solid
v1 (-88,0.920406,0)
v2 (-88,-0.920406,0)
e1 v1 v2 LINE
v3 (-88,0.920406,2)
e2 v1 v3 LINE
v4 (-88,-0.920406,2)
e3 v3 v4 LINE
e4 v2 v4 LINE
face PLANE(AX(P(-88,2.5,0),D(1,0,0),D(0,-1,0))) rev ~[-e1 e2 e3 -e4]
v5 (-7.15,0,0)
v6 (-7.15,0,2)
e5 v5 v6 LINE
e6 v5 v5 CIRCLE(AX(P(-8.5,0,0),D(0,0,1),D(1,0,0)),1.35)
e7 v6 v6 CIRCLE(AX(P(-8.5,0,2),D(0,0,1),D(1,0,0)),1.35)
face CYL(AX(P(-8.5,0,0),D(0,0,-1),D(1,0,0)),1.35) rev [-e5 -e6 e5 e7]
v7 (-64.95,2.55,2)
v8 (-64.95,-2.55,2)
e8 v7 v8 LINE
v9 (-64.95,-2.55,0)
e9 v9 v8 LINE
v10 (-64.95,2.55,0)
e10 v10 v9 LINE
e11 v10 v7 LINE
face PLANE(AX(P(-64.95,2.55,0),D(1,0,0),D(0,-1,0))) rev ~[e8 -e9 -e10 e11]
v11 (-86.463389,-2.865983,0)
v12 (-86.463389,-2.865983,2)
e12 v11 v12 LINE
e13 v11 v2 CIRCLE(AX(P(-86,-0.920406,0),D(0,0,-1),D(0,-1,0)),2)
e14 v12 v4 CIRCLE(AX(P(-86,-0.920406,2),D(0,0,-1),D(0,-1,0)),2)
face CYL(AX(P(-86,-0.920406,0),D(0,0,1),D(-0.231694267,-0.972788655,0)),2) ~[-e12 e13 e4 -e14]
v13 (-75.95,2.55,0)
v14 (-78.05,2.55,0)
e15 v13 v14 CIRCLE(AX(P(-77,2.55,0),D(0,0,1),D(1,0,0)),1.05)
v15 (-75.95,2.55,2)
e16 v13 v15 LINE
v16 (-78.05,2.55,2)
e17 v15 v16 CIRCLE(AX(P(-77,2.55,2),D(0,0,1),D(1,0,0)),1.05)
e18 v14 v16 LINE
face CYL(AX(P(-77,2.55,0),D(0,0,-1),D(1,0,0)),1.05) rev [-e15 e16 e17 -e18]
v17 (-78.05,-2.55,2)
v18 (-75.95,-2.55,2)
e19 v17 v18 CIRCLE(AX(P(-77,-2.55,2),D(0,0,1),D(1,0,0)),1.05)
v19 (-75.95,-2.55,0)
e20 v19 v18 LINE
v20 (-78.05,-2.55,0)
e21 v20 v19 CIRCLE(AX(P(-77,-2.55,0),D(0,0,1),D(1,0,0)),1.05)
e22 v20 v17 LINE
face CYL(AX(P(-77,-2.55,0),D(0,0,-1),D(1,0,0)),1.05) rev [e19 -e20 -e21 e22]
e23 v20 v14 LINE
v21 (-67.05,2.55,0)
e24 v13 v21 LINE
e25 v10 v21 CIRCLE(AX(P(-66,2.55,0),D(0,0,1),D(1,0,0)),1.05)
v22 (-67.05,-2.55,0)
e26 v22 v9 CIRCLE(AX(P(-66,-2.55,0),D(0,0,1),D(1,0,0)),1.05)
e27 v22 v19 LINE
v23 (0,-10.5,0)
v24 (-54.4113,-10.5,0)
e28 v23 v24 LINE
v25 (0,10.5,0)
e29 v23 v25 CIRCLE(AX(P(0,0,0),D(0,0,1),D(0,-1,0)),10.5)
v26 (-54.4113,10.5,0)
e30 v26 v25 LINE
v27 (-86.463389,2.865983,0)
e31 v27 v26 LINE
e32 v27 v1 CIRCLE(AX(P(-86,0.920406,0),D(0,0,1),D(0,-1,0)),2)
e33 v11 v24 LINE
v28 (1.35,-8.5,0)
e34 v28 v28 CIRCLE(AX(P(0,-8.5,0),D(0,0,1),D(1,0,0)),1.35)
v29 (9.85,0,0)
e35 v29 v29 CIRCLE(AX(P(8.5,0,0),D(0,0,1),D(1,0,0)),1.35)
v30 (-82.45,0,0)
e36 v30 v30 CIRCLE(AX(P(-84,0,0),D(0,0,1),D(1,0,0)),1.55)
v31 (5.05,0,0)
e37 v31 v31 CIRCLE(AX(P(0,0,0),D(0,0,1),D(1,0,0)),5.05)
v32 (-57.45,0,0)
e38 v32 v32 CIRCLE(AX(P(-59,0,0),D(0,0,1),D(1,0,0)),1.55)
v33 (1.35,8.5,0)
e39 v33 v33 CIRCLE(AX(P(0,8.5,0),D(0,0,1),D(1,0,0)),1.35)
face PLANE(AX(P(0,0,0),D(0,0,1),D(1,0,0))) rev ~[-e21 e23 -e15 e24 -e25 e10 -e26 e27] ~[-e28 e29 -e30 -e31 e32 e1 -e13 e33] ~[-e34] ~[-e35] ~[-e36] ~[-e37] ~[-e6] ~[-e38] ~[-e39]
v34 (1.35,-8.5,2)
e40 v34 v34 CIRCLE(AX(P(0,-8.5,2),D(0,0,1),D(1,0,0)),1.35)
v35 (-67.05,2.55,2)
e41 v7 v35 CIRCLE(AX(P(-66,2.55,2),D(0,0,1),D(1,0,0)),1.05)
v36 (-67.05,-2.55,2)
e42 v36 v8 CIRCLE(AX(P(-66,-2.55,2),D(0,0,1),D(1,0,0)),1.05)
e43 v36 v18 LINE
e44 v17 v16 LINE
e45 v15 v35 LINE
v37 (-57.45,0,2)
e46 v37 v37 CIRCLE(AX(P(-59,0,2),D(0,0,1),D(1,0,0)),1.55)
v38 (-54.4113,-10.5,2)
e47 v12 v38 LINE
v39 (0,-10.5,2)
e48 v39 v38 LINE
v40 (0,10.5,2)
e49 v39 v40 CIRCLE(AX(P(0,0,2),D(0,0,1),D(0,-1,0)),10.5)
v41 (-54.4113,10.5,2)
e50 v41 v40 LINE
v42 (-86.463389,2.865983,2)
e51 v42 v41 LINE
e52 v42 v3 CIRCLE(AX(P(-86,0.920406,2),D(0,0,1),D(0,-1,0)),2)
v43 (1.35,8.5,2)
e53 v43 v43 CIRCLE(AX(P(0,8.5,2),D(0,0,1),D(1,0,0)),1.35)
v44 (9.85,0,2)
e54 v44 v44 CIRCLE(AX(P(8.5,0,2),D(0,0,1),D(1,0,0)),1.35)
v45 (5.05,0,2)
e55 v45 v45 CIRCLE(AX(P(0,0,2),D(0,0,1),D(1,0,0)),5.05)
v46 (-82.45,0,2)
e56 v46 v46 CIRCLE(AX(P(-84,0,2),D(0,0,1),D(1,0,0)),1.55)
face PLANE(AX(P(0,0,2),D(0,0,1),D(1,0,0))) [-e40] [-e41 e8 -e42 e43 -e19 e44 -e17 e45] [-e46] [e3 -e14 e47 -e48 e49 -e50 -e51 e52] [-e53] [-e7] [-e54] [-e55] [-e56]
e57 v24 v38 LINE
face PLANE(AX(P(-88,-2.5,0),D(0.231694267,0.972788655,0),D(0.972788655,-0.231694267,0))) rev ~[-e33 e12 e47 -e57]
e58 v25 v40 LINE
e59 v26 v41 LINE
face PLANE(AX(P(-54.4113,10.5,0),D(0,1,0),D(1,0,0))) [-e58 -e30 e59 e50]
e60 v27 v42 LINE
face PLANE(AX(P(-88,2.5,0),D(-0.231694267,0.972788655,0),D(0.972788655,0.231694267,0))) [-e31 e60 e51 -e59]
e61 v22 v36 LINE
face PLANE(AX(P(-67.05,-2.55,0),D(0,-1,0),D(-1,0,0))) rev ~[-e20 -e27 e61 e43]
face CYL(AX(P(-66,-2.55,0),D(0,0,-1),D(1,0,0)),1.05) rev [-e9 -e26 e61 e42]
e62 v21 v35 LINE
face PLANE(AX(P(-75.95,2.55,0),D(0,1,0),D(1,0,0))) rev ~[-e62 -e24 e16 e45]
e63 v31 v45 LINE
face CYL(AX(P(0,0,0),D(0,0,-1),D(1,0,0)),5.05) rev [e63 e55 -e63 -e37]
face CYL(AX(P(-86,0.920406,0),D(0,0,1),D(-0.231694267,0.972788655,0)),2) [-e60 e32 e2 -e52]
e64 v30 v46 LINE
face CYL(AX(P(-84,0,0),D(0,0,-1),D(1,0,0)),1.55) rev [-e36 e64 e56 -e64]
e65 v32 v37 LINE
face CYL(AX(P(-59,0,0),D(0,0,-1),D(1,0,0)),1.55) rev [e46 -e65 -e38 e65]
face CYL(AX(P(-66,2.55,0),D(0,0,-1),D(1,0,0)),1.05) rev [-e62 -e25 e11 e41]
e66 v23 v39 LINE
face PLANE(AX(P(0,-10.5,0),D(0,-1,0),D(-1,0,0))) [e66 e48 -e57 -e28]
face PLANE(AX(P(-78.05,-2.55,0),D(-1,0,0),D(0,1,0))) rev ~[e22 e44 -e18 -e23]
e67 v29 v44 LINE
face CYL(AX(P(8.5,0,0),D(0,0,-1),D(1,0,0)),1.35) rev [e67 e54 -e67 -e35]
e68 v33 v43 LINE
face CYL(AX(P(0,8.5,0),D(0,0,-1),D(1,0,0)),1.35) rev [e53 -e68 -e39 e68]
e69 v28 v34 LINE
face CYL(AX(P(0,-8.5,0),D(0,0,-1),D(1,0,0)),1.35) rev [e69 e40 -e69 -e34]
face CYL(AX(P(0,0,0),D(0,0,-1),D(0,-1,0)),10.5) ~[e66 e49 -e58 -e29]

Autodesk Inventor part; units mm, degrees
ref_plane "YZ Plane" through (0, 0, 0) normal (1, 0, 0) x (0, 1, 0)
ref_plane "XZ Plane" through (0, 0, 0) normal (0, 1, 0) x (-1, 0, 0)
ref_plane "XY Plane" through (0, 0, 0) normal (0, 0, 1) x (1, 0, 0)
sketch "スケッチ1" plane through (0, 0, 0) normal (0, 0, 1) x (1, 0, 0)
  circle A0 centre (0, 0) radius 10.5 construction
  line L0 (0, 10.5) -> (-200, 10.5) construction
  line L1 (-200, 10.5) -> (-200, -10.5) construction
  line L2 (-200, -10.5) -> (0, -10.5) construction
  circle A1 centre (-195, 0) radius 1.55 construction
  line L3 (-185, 2.5) -> (-70, 2.5) construction
  line L4 (-70, 2.5) -> (-70, -2.5) construction
  line L5 (-70, -2.5) -> (-185, -2.5) construction
  line L6 (-185, -2.5) -> (-185, 2.5) construction
  line L7 (-127.5, 2.5) -> (-127.5, -2.5) construction
  circle A2 centre (-60, 0) radius 1.55 construction
  line L8 (-12, 21.3027) -> (-12, -27.3903) construction
  line L9 (-69.95, 2.55) -> (-185.05, 2.55) construction
  line L10 (-185.05, 2.55) -> (-185.05, -2.55) construction
  line L11 (-185.05, -2.55) -> (-69.95, -2.55) construction
  line L12 (-69.95, -2.55) -> (-69.95, 2.55) construction
  circle A3 centre (-184, 2.55) radius 1.05 construction
  line L13 (-185, 0) -> (-127.5, 0) construction
  line L14 (-185.05, 2.55) -> (-185.05, -2.55) construction
  arc A4 (-182.95, 2.55) -> (-185.05, 2.55) centre (-184, 2.55) ccw construction
  line L15 (-182.95, 2.55) -> (-72.05, 2.55) construction
  arc A5 (-69.95, 2.55) -> (-72.05, 2.55) centre (-71, 2.55) ccw construction
  line L16 (-69.95, 2.55) -> (-69.95, -2.55) construction
  arc A6 (-185.05, -2.55) -> (-182.95, -2.55) centre (-184, -2.55) ccw construction
  line L17 (-182.95, -2.55) -> (-72.05, -2.55) construction
  arc A7 (-72.05, -2.55) -> (-69.95, -2.55) centre (-71, -2.55) ccw construction
  circle A8 centre (0, 8.5) radius 1.35
  circle A9 centre (0, 0) radius 5.05
  circle A10 centre (-8.5, 0) radius 1.35
  circle A11 centre (0, -8.5) radius 1.35
  circle A12 centre (8.5, 0) radius 1.35
  line L18 (-200, 4.8006) -> (-200, -4.8006) construction
  line L19 (-200, 4.8006) -> (-60, 10.5) construction
  line L20 (-60, 10.5) -> (0, 10.5) construction
  line L21 (-200, -4.8006) -> (-60, -10.5) construction
  line L22 (-60, -10.5) -> (0, -10.5) construction
  arc A13 (0, -10.5) -> (0, 10.5) centre (0, 0) ccw construction
  circle A14 centre (-195, 0) radius 5 construction
  circle A15 centre (-59, 0) radius 1.55
  circle A16 centre (-84, 0) radius 1.55
  line L23 (-55, -2.5) -> (-88, -2.5) construction
  line L24 (-88, -2.5) -> (-88, 2.5) construction
  line L25 (-88, 2.5) -> (-55, 2.5) construction
  line L26 (-55, 2.5) -> (-55, -2.5) construction
  line L27 (-65, -2.5) -> (-78, -2.5) construction
  line L28 (-78, -2.5) -> (-78, 2.5) construction
  line L29 (-78, 2.5) -> (-65, 2.5) construction
  line L30 (-65, 2.5) -> (-65, -2.5) construction
  line L31 (-64.95, -2.55) -> (-78.05, -2.55)
  line L32 (-78.05, -2.55) -> (-78.05, 2.55)
  line L33 (-78.05, 2.55) -> (-64.95, 2.55)
  line L34 (-64.95, 2.55) -> (-64.95, -2.55)
  circle A17 centre (-66, -2.55) radius 1.05
  circle A18 centre (-66, 2.55) radius 1.05
  circle A19 centre (-77, -2.55) radius 1.05
  circle A20 centre (-77, 2.55) radius 1.05
  line L35 (-88, 2.5) -> (-88, -2.5)
  line L36 (-88, -2.5) -> (-54.4113, -10.5)
  line L37 (-88, 2.5) -> (-54.4113, 10.5)
  arc A21 (0, -10.5) -> (0, 10.5) centre (0, 0) ccw
  line L38 (-54.4113, 10.5) -> (0, 10.5)
  line L39 (0, -10.5) -> (-54.4113, -10.5)
  circle A22 centre (-77, 2.55) radius 2.5 construction
  circle A23 centre (0, 0) radius 16 construction
  circle A24 centre (0, 0) radius 21 construction
  line L40 (-21, 19.3585) -> (-21, -28.09) construction
  point P0 (-200, 0)
  point P1 (-55, 0)
  dimension "d9" = 2.1
  dimension "d29" = 2.1
  dimension "d0" = 200
  dimension "d1" = 3.1
  dimension "d2" = 21
  dimension "d3" = 10
  dimension "d4" = 5
  dimension "d5" = 12
  dimension "d6" = 135
  dimension "d7" = 5
  dimension "d8" = 0.05
  dimension "d10" = 2.7
  dimension "d11" = 8.5
  dimension "d12" = 10.1
  dimension "d15" = 360
  dimension "d20" = 3.1
  dimension "d21" = 5
  dimension "d22" = 4
  dimension "d23" = 5
  dimension "d24" = 25
  dimension "d26" = 10
  dimension "d27" = 4
  dimension "d28" = 10
  dimension "d30" = 0.05
  dimension "d32" = 5
  dimension "d33" = 32
  dimension "d34" = 5
extrude "押し出し1" add sketch "スケッチ1" along normal blind 2
fillet "フィレット2" radius 2 2 edges at (-88, 2.5, 1) (-88, -2.5, 1)
equation "\"d0\" = d0_1"
equation "\"d2\" = d2_1"
equation "\"d3\" = d3_1"
equation "\"d4\" = d4_1"
equation "\"d6\" = d6_1"
equation "\"d21\" = d4"
equation "\"d27\" = d22"
equation "\"d28\" = d26"
equation "\"d2_1\" = 21"
equation "\"d3_1\" = 10"
equation "\"d4_1\" = 5"
equation "\"d6_1\" = 135"
equation "\"d0_1\" = 200"
properties part number "ForeArm_vertical_frame03" material "GFRP"
